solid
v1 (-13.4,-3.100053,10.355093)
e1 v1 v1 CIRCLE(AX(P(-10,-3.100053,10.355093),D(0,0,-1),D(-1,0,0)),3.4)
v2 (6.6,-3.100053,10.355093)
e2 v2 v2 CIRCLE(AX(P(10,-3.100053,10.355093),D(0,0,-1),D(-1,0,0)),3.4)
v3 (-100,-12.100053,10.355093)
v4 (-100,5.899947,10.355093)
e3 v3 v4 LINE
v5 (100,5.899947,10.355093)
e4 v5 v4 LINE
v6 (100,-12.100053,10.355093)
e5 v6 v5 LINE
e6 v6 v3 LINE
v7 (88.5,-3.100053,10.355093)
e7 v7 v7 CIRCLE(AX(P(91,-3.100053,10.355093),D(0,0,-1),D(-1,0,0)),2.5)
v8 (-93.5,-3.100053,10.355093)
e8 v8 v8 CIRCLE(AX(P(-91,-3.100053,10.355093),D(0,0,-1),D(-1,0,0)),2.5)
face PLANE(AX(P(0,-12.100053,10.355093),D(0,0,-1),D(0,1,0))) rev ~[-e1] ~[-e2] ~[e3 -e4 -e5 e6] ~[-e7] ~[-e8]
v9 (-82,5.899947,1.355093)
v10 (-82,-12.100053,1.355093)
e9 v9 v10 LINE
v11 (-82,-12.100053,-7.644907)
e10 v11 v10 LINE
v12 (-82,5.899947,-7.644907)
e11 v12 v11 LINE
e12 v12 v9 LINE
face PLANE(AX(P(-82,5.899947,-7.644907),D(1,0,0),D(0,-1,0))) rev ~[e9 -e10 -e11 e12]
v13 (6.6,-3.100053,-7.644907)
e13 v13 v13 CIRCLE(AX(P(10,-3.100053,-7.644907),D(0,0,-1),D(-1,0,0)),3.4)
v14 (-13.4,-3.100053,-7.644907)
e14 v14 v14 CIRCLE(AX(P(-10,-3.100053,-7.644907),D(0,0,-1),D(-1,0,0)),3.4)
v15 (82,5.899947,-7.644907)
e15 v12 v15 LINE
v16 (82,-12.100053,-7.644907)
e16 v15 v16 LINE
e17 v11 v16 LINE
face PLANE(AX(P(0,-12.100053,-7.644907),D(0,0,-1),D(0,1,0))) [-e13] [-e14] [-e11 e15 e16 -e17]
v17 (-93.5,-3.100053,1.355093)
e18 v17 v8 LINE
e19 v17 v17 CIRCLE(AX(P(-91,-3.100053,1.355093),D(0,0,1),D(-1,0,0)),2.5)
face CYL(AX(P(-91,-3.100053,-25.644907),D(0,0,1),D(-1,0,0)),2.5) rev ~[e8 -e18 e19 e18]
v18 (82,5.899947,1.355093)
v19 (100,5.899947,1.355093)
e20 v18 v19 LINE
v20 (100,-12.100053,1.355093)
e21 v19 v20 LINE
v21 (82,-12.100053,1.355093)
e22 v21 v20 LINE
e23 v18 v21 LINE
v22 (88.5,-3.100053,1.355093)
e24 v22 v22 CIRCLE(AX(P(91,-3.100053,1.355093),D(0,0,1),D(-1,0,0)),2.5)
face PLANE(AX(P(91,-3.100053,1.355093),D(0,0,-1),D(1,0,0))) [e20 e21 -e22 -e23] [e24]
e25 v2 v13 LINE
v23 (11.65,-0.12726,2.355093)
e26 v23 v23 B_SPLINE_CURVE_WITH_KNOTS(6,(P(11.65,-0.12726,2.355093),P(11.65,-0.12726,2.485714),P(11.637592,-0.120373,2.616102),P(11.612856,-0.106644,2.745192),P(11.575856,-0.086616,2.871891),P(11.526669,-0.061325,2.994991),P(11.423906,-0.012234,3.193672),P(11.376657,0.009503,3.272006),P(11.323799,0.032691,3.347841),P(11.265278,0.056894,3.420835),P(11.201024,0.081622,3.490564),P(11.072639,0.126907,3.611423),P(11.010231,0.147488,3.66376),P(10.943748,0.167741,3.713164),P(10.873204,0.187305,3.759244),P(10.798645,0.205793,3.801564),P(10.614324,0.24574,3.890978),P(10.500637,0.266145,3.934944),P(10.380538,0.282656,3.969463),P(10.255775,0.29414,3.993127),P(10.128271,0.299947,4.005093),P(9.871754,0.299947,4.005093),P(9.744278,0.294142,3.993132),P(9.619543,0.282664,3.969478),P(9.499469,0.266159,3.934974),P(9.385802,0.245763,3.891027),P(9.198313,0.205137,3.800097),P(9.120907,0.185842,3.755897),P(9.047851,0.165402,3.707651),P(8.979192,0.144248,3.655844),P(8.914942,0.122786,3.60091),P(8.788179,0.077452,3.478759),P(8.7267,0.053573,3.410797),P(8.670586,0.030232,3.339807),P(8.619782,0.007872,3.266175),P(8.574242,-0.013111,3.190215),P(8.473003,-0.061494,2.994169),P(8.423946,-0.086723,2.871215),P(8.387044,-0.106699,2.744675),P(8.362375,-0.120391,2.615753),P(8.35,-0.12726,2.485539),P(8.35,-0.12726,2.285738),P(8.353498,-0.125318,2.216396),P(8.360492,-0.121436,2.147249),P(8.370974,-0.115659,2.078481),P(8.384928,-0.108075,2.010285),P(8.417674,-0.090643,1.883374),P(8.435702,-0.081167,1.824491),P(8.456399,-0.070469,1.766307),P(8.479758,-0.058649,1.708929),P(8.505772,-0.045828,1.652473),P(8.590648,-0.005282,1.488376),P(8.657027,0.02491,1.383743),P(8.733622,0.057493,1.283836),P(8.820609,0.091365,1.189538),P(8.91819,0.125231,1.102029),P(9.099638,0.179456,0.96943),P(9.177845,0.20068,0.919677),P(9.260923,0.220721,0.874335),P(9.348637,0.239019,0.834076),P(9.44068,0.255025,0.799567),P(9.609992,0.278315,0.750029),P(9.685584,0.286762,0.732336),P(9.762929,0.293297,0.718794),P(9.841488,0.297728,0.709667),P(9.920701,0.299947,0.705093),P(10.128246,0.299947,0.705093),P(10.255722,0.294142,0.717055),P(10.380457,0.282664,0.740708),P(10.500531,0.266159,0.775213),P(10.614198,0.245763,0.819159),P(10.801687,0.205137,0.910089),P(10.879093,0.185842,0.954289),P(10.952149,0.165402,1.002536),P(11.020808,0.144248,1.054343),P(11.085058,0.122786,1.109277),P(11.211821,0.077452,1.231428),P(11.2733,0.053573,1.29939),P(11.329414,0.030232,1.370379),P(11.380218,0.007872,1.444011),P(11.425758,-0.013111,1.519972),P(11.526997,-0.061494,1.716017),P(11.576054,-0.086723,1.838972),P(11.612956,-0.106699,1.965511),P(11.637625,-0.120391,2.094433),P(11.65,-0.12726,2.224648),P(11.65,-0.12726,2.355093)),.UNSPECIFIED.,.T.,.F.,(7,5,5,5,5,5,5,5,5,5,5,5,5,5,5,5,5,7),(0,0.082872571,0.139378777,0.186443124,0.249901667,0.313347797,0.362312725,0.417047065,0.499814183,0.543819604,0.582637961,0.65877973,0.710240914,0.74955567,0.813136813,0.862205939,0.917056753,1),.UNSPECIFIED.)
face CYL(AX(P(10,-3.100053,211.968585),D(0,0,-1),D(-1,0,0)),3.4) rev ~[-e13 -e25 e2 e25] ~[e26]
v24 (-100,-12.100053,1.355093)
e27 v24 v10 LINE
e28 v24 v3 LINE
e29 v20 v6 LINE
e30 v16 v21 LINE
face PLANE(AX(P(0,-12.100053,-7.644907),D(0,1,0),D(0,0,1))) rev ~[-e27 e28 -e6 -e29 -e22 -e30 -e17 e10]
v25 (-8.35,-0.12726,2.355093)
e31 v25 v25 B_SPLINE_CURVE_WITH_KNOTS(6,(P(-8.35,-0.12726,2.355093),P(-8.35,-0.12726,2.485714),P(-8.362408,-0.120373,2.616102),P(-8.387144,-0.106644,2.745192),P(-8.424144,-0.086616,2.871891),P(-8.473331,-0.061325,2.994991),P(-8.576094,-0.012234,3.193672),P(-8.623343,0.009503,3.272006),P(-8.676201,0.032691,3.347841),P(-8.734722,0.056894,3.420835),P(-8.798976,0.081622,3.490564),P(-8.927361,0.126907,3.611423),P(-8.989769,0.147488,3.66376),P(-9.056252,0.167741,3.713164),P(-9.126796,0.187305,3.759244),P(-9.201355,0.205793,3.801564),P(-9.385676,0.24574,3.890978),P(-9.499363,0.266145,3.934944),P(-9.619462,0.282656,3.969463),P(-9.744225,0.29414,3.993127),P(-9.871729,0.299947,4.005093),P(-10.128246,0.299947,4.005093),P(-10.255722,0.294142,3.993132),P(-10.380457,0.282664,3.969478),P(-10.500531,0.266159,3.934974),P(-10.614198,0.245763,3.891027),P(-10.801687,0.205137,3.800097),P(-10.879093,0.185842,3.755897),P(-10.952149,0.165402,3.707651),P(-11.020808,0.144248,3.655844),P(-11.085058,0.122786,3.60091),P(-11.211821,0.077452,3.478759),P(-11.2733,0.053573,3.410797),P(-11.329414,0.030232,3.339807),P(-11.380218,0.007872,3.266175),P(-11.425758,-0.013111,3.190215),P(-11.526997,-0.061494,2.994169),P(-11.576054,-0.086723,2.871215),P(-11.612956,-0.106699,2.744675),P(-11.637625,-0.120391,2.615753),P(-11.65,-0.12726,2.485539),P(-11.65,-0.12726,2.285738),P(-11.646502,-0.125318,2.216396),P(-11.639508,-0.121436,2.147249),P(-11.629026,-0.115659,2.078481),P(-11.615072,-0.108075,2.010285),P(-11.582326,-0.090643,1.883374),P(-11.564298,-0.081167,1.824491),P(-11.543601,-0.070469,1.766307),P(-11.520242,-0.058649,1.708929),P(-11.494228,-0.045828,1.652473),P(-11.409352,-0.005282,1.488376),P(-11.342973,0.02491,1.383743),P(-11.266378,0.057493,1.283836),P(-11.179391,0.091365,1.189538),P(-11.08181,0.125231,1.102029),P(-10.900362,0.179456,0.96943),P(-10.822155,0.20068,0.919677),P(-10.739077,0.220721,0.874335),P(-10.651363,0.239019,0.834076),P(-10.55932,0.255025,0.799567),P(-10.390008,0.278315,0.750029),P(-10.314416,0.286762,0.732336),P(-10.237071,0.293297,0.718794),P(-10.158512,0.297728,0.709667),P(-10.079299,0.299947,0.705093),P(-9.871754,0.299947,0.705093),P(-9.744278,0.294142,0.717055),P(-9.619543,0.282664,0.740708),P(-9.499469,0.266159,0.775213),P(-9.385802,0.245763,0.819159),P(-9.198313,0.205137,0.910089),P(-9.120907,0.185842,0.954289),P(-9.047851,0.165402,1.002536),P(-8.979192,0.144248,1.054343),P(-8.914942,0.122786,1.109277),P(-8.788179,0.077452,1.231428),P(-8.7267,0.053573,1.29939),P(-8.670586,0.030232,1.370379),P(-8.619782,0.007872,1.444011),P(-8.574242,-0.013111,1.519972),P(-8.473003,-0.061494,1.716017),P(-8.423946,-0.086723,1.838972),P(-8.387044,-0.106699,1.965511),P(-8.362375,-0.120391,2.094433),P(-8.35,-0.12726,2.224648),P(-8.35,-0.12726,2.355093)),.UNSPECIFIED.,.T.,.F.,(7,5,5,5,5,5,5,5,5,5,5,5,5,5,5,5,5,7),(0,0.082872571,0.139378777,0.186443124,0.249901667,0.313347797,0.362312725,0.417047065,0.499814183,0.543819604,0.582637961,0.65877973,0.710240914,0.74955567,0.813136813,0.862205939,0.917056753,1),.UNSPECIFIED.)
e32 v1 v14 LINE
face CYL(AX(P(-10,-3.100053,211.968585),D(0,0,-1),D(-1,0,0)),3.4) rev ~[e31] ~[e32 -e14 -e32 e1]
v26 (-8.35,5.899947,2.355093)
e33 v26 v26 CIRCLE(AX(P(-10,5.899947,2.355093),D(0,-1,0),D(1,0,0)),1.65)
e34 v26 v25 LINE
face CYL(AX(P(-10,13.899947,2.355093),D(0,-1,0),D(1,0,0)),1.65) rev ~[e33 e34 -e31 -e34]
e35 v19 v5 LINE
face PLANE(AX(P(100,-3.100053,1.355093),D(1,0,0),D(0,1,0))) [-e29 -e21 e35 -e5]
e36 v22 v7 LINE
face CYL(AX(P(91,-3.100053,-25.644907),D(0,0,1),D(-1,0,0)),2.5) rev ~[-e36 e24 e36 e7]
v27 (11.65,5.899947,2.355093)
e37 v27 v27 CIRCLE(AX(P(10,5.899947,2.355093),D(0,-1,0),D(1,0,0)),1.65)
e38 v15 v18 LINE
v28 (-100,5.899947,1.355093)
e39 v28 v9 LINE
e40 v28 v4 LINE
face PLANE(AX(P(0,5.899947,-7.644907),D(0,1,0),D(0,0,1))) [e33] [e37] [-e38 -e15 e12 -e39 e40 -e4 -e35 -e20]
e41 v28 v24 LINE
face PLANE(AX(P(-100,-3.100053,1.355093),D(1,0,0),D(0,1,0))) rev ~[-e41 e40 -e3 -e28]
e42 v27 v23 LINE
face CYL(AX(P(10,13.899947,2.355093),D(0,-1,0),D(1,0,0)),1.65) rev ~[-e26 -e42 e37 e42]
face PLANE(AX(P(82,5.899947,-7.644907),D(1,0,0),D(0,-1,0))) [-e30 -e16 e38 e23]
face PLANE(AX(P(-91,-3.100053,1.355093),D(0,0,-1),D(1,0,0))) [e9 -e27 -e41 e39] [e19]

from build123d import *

# Parameters (mm, degrees)
F0_W     = 18
F0_H     = 18
F1_DEPTH = 100
F3_D     = 6.8
F5_D     = 3.3
F5_DEPTH = 8
F5_TIP   = 0.9914200214
F8_D     = 5
F8_DEPTH = 18
F8_TIP   = 1.5021515476
F7_W     = 18
F7_H     = 18
F9_DEPTH = 9


with BuildPart() as f1:
    # F0 (on Right) → F1 (new body, symmetric)
    with BuildSketch(Plane.YZ):
        with Locations((-3.1000529416, 1.3550933172)):
            Rectangle(F0_W, F0_H)
    extrude(amount=F1_DEPTH, both=True)

    # F3 (through all)
    with Locations(Plane.XY.offset(10.3550933172)):
        with Locations((-10, -3.1000529416), (10, -3.1000529416)):
            Hole(F3_D / 2)

    # F5
    with Locations(Plane(origin=(0, 5.8999470584, 0), x_dir=(-1, 0, 0), z_dir=(0, 1, 0))):
        with Locations((-10, 2.3550933172), (10, 2.3550933172)):
            Hole(F5_D / 2, depth=F5_DEPTH)
            with Locations((0, 0, -(F5_DEPTH + F5_TIP / 2))):  # 118° drill point
                Cone(0, F5_D / 2, F5_TIP, mode=Mode.SUBTRACT)

    # F8
    with Locations(Plane(origin=(0, 0, -7.6449066828), x_dir=(1, 0, 0), z_dir=(0, 0, -1))):
        with Locations((91, 3.1000529416), (-91, 3.1000529416)):
            Hole(F8_D / 2, depth=F8_DEPTH)
            with Locations((0, 0, -(F8_DEPTH + F8_TIP / 2))):  # 118° drill point
                Cone(0, F8_D / 2, F8_TIP, mode=Mode.SUBTRACT)

    # F7 (on face) → F9 (cut)
    with BuildSketch(Plane(origin=(0, 0, -7.6449066828), x_dir=(1, 0, 0), z_dir=(0, 0, -1))):
        with Locations((-91, 3.1000529416)):
            Rectangle(F7_W, F7_H)
        with Locations((91, 3.1000529416)):
            Rectangle(F7_W, F7_H)
    extrude(amount=-F9_DEPTH, mode=Mode.SUBTRACT)


solid = f1.part
